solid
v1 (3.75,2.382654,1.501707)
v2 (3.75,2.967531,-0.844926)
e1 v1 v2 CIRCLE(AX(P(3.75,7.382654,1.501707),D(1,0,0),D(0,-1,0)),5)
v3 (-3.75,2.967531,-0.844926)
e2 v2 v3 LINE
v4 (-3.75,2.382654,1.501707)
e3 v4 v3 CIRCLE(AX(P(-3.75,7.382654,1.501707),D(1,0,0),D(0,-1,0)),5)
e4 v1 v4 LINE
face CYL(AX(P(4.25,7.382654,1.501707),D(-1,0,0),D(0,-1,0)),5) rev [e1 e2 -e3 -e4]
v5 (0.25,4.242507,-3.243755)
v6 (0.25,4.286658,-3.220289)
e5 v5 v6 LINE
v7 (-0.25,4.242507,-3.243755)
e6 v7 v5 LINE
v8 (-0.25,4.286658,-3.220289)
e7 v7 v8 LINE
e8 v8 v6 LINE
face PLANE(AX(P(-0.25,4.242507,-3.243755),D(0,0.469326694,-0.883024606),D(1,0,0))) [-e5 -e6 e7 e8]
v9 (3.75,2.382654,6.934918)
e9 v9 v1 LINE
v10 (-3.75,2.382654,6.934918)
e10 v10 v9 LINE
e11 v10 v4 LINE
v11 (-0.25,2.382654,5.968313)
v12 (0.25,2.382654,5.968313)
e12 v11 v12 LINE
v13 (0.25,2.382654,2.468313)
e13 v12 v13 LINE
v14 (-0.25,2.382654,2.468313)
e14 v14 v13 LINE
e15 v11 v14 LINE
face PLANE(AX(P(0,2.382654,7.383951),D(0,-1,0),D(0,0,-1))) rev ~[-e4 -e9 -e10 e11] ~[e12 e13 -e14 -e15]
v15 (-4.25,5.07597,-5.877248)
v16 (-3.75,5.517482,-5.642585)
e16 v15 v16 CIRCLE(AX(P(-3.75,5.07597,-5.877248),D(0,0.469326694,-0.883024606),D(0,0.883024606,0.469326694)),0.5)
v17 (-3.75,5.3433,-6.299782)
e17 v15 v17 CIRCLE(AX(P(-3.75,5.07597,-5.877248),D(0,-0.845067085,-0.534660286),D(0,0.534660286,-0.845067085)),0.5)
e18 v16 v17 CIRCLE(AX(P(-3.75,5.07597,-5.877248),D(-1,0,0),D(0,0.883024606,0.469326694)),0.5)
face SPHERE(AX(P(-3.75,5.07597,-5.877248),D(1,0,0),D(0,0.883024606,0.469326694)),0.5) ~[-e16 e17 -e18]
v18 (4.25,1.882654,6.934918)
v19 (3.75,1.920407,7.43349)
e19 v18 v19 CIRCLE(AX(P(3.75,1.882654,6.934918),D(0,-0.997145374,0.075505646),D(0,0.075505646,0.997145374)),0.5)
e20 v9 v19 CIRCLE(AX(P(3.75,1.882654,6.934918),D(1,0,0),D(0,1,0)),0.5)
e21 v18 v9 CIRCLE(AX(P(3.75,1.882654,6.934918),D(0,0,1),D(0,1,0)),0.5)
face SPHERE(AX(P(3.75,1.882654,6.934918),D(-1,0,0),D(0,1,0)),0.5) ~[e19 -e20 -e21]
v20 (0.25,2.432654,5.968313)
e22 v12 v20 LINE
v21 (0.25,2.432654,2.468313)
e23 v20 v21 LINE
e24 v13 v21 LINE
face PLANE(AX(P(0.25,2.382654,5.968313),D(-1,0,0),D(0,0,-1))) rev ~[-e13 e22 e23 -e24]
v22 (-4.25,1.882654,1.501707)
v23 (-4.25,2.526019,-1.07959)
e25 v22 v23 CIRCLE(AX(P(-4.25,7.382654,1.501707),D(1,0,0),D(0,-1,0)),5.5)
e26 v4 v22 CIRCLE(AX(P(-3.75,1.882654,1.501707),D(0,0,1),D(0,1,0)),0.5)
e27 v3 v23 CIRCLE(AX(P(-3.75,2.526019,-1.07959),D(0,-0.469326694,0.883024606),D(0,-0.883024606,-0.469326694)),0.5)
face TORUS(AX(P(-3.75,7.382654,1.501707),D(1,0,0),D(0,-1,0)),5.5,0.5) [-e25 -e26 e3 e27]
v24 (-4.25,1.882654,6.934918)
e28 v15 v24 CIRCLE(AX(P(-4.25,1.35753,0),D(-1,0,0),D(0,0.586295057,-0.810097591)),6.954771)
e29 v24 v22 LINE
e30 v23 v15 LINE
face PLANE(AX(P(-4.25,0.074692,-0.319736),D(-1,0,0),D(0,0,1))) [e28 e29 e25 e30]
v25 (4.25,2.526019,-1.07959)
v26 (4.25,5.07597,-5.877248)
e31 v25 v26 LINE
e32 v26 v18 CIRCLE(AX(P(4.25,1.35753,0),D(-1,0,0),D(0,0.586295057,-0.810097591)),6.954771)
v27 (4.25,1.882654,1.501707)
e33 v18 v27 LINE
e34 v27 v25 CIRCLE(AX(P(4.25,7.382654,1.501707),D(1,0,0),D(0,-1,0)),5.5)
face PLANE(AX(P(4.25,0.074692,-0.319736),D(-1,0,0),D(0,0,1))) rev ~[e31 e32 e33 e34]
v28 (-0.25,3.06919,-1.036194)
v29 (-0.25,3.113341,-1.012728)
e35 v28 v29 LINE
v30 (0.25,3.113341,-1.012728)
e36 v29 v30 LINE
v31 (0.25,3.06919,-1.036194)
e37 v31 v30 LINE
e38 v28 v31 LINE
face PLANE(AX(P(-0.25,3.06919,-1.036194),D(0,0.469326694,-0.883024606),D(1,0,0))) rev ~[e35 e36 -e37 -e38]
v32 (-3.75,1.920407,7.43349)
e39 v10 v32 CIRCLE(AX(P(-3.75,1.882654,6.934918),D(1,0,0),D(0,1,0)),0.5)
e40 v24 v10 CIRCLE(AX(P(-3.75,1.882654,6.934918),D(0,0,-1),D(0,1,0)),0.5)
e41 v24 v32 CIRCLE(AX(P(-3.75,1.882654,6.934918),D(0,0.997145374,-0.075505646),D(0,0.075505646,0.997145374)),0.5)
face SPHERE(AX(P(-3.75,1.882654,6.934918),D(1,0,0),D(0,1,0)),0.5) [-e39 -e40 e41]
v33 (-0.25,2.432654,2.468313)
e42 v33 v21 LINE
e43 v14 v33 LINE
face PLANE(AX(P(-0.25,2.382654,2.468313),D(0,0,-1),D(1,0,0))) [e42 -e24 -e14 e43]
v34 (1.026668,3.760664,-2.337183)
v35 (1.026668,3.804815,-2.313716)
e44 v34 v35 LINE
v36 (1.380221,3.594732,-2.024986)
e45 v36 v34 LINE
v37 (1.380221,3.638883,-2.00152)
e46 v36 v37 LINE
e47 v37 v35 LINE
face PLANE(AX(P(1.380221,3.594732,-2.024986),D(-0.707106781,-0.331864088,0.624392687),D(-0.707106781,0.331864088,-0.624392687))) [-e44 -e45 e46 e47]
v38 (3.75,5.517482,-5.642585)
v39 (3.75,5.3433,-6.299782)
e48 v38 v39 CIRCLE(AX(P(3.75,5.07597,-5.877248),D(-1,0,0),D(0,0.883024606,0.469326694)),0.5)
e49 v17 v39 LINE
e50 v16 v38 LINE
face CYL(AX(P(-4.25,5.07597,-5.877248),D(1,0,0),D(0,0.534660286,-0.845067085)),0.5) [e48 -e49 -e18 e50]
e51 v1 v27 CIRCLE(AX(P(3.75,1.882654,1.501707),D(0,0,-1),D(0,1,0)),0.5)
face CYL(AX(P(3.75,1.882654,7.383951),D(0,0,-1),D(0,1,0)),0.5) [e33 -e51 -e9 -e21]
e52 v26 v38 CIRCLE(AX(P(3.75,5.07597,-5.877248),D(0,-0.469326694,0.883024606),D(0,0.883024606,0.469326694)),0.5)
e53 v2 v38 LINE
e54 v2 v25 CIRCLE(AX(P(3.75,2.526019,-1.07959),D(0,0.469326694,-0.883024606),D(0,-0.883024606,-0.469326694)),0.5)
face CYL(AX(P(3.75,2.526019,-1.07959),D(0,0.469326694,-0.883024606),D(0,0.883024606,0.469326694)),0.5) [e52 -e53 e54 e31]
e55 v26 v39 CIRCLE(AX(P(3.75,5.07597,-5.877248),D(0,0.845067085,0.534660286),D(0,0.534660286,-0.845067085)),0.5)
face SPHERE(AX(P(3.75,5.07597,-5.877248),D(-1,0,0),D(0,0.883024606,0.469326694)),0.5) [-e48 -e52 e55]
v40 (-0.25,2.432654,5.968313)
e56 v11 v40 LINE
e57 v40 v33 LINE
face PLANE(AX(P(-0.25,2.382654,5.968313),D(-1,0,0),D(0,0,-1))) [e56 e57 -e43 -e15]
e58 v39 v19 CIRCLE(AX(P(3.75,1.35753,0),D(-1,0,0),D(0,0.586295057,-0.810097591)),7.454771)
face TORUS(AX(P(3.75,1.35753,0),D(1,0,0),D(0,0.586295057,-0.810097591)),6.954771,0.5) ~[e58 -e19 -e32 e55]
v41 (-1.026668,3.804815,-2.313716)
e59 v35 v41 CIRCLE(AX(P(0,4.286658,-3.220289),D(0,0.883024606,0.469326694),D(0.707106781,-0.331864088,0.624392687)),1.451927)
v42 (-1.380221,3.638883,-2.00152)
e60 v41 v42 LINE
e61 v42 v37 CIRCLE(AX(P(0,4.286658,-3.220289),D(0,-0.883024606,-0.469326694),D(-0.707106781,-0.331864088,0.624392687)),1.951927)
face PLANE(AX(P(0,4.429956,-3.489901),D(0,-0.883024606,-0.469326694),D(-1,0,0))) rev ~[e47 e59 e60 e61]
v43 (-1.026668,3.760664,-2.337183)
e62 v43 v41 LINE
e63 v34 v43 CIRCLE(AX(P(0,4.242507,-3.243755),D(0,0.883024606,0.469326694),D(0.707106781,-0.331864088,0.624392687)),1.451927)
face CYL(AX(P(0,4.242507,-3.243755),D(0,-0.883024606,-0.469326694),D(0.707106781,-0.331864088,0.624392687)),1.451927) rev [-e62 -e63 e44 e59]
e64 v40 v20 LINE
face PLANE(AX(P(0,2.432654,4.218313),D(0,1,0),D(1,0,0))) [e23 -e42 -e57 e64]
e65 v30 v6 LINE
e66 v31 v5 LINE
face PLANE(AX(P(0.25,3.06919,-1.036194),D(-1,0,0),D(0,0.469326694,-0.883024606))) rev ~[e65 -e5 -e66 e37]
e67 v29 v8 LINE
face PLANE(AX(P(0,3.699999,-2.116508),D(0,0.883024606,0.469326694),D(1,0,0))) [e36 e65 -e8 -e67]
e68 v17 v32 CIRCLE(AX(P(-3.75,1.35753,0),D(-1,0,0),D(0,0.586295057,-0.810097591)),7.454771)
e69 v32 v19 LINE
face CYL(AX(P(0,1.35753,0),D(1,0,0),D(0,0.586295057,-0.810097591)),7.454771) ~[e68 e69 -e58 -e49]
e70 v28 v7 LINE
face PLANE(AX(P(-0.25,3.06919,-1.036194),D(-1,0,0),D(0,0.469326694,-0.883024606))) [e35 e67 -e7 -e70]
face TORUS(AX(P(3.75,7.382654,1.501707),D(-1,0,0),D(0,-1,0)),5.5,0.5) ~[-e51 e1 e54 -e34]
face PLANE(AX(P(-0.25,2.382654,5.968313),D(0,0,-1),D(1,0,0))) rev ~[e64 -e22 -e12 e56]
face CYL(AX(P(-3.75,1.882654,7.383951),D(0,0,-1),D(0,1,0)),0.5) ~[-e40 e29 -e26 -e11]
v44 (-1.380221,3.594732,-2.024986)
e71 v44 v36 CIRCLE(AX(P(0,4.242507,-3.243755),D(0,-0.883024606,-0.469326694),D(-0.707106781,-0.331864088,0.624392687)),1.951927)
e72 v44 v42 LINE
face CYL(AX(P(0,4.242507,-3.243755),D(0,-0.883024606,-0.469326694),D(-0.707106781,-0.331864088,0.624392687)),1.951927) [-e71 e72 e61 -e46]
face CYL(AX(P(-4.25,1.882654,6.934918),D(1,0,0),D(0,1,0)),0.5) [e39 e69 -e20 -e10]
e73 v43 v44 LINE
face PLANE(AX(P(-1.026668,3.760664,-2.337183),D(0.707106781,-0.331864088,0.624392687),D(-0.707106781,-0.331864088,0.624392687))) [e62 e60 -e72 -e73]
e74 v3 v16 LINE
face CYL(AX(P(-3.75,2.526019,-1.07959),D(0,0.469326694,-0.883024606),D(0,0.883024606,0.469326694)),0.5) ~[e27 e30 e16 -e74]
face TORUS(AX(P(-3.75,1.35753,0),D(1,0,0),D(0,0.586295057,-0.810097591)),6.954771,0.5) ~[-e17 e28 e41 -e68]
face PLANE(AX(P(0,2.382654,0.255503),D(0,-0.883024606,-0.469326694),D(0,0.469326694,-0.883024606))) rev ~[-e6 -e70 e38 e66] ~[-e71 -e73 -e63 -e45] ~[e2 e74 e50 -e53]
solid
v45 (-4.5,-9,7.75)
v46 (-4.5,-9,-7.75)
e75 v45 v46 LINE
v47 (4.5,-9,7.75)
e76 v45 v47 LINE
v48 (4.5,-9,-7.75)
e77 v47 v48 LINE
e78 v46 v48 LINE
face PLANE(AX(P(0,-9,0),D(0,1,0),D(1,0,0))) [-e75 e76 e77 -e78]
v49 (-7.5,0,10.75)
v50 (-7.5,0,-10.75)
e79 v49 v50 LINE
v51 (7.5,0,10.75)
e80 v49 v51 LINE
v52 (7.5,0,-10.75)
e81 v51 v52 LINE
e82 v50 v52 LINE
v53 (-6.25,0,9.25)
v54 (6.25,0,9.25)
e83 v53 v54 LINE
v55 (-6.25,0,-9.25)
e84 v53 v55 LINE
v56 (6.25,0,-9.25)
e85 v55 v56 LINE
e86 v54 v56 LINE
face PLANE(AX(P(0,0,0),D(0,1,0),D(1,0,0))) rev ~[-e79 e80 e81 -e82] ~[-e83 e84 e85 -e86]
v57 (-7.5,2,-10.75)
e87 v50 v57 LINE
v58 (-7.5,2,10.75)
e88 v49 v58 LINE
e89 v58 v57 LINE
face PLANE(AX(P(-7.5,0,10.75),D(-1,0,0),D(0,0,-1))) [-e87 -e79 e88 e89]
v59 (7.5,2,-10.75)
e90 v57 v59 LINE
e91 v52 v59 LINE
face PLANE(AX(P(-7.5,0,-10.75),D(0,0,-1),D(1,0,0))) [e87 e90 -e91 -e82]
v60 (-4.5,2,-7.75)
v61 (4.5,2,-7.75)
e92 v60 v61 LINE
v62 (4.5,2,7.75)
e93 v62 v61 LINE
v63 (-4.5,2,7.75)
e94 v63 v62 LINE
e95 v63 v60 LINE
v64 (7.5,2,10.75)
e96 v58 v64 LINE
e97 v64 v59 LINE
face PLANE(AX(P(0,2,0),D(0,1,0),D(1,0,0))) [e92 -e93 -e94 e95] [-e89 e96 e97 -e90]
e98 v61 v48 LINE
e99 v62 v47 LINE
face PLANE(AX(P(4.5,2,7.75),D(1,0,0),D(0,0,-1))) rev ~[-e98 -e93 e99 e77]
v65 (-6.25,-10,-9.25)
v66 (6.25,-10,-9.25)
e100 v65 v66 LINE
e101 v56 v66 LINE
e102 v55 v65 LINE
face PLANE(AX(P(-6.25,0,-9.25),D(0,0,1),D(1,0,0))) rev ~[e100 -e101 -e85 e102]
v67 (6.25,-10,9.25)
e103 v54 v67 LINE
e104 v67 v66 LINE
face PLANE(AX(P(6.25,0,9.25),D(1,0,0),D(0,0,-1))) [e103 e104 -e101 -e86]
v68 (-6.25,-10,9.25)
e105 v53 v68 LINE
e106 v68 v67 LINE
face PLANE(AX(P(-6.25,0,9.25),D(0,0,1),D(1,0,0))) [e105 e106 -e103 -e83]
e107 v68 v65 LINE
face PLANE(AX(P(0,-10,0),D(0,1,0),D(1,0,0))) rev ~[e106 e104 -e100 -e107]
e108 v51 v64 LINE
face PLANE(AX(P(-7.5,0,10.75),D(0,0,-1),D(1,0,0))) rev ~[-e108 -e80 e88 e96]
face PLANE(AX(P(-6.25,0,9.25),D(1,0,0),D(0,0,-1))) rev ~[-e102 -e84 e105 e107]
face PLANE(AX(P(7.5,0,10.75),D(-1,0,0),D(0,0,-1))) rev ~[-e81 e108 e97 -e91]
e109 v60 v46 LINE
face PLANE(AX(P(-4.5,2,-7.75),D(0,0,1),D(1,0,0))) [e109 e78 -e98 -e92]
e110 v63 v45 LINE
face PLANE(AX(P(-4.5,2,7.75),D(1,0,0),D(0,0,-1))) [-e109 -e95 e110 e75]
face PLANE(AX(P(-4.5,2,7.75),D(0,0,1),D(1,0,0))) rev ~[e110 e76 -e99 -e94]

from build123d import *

# Parameters (mm, degrees)
SKETCH1_W           = 12.5
SKETCH1_H           = 18.5
BOSS_EXTRUDE1_DEPTH = 10
SKETCH2_W           = 15
SKETCH2_H           = 21.5
BOSS_EXTRUDE2_DEPTH = 2
SKETCH3_W           = 9
SKETCH3_H           = 15.5
CUT_EXTRUDE1_DEPTH  = 11
BOSS_EXTRUDE3_DEPTH = 4.25
FILLET1_R           = 5
FILLET2_R           = 0.5
SKETCH6_W           = 0.5
SKETCH6_H           = 3.5
BOSS_EXTRUDE4_DEPTH = 0.05
SKETCH7_W           = 0.5
SKETCH7_H           = 2.5
BOSS_EXTRUDE5_DEPTH = 0.05


with BuildPart() as part:
    # Sketch1 → Boss-Extrude1 (new body)
    with BuildSketch(Plane(origin=(0, 0, 0), x_dir=(1, 0, 0), z_dir=(0, 1, 0))):
        Rectangle(SKETCH1_W, SKETCH1_H)
    extrude(amount=-BOSS_EXTRUDE1_DEPTH)

    # Sketch2 → Boss-Extrude2 (add)
    with BuildSketch(Plane(origin=(0, 0, 0), x_dir=(1, 0, 0), z_dir=(0, 1, 0))):
        Rectangle(SKETCH2_W, SKETCH2_H)
    extrude(amount=BOSS_EXTRUDE2_DEPTH)

    # Sketch3 → Cut-Extrude1 (cut)
    with BuildSketch(Plane(origin=(0, 2, 0), x_dir=(1, 0, 0), z_dir=(0, 1, 0))):
        Rectangle(SKETCH3_W, SKETCH3_H)
    extrude(amount=-CUT_EXTRUDE1_DEPTH, mode=Mode.SUBTRACT)


with BuildPart() as body_2:
    # Sketch4 → Boss-Extrude3 (new, symmetric)
    with BuildSketch(Plane(origin=(0, 0, 0), x_dir=(0, 0, -1), z_dir=(1, 0, 0))):
        with BuildLine():
            Line((-7.383950938, 2.382654215), (-0.25550292, 2.382654215))
            Line((-0.25550292, 2.382654215), (6.03909208, 5.728225159))
            ThreePointArc((6.03909208, 5.728225159), (1.802878967, -5.875950696), (-7.383950938, 2.382654215))
        make_face()
    extrude(amount=BOSS_EXTRUDE3_DEPTH, both=True)

    # Fillet1
    fillet1_edges = [body_2.edges().sort_by_distance(p)[0] for p in [
        (0, 2.382654215, 0.25550292),
    ]]
    fillet(fillet1_edges, radius=FILLET1_R)

    # Fillet2
    fillet2_edges = [body_2.edges().sort_by_distance(p)[0] for p in [
        (-4.25, 2.382654215, 4.442829109),
        (4.25, 2.382654215, 4.442829109),
        (-4.25, 2.531076372, 0.292495788),
        (4.25, 2.531076372, 0.292495788),
        (4.25, -5.875950696, -1.802878967),
        (-4.25, 4.347878173, -3.442009136),
        (-4.25, -5.875950696, -1.802878967),
        (0, 2.382654215, 7.383950938),
        (0, 5.728225159, -6.03909208),
        (4.25, 4.347878173, -3.442009136),
    ]]
    fillet(fillet2_edges, radius=FILLET2_R)

    # Sketch6 → Boss-Extrude4 (add)
    with BuildSketch(Plane(origin=(0, 2.382654215, 0), x_dir=(1, 0, 0), z_dir=(0, 1, 0))):
        with Locations((0, -4.218312539)):
            Rectangle(SKETCH6_W, SKETCH6_H)
    extrude(amount=BOSS_EXTRUDE4_DEPTH)

    # Sketch7 → Boss-Extrude5 (add)
    with BuildSketch(Plane(origin=(0, 1.963720132, 1.043715285), x_dir=(1, 0, 0), z_dir=(0, 0.8830246056114482, 0.4693266941957877))):
        with BuildLine():
            Line((-1.026667717, 3.828769763), (-1.380221108, 3.475216372))
            ThreePointArc((-1.380221108, 3.475216372), (0, 6.80736489), (1.380221108, 3.475216372))
            Line((1.380221108, 3.475216372), (1.026667717, 3.828769763))
            ThreePointArc((1.026667717, 3.828769763), (0, 6.30736489), (-1.026667717, 3.828769763))
        make_face()
        with Locations((0, 3.60543748)):
            Rectangle(SKETCH7_W, SKETCH7_H)
    extrude(amount=BOSS_EXTRUDE5_DEPTH)


solid = Compound([part.part, body_2.part])
